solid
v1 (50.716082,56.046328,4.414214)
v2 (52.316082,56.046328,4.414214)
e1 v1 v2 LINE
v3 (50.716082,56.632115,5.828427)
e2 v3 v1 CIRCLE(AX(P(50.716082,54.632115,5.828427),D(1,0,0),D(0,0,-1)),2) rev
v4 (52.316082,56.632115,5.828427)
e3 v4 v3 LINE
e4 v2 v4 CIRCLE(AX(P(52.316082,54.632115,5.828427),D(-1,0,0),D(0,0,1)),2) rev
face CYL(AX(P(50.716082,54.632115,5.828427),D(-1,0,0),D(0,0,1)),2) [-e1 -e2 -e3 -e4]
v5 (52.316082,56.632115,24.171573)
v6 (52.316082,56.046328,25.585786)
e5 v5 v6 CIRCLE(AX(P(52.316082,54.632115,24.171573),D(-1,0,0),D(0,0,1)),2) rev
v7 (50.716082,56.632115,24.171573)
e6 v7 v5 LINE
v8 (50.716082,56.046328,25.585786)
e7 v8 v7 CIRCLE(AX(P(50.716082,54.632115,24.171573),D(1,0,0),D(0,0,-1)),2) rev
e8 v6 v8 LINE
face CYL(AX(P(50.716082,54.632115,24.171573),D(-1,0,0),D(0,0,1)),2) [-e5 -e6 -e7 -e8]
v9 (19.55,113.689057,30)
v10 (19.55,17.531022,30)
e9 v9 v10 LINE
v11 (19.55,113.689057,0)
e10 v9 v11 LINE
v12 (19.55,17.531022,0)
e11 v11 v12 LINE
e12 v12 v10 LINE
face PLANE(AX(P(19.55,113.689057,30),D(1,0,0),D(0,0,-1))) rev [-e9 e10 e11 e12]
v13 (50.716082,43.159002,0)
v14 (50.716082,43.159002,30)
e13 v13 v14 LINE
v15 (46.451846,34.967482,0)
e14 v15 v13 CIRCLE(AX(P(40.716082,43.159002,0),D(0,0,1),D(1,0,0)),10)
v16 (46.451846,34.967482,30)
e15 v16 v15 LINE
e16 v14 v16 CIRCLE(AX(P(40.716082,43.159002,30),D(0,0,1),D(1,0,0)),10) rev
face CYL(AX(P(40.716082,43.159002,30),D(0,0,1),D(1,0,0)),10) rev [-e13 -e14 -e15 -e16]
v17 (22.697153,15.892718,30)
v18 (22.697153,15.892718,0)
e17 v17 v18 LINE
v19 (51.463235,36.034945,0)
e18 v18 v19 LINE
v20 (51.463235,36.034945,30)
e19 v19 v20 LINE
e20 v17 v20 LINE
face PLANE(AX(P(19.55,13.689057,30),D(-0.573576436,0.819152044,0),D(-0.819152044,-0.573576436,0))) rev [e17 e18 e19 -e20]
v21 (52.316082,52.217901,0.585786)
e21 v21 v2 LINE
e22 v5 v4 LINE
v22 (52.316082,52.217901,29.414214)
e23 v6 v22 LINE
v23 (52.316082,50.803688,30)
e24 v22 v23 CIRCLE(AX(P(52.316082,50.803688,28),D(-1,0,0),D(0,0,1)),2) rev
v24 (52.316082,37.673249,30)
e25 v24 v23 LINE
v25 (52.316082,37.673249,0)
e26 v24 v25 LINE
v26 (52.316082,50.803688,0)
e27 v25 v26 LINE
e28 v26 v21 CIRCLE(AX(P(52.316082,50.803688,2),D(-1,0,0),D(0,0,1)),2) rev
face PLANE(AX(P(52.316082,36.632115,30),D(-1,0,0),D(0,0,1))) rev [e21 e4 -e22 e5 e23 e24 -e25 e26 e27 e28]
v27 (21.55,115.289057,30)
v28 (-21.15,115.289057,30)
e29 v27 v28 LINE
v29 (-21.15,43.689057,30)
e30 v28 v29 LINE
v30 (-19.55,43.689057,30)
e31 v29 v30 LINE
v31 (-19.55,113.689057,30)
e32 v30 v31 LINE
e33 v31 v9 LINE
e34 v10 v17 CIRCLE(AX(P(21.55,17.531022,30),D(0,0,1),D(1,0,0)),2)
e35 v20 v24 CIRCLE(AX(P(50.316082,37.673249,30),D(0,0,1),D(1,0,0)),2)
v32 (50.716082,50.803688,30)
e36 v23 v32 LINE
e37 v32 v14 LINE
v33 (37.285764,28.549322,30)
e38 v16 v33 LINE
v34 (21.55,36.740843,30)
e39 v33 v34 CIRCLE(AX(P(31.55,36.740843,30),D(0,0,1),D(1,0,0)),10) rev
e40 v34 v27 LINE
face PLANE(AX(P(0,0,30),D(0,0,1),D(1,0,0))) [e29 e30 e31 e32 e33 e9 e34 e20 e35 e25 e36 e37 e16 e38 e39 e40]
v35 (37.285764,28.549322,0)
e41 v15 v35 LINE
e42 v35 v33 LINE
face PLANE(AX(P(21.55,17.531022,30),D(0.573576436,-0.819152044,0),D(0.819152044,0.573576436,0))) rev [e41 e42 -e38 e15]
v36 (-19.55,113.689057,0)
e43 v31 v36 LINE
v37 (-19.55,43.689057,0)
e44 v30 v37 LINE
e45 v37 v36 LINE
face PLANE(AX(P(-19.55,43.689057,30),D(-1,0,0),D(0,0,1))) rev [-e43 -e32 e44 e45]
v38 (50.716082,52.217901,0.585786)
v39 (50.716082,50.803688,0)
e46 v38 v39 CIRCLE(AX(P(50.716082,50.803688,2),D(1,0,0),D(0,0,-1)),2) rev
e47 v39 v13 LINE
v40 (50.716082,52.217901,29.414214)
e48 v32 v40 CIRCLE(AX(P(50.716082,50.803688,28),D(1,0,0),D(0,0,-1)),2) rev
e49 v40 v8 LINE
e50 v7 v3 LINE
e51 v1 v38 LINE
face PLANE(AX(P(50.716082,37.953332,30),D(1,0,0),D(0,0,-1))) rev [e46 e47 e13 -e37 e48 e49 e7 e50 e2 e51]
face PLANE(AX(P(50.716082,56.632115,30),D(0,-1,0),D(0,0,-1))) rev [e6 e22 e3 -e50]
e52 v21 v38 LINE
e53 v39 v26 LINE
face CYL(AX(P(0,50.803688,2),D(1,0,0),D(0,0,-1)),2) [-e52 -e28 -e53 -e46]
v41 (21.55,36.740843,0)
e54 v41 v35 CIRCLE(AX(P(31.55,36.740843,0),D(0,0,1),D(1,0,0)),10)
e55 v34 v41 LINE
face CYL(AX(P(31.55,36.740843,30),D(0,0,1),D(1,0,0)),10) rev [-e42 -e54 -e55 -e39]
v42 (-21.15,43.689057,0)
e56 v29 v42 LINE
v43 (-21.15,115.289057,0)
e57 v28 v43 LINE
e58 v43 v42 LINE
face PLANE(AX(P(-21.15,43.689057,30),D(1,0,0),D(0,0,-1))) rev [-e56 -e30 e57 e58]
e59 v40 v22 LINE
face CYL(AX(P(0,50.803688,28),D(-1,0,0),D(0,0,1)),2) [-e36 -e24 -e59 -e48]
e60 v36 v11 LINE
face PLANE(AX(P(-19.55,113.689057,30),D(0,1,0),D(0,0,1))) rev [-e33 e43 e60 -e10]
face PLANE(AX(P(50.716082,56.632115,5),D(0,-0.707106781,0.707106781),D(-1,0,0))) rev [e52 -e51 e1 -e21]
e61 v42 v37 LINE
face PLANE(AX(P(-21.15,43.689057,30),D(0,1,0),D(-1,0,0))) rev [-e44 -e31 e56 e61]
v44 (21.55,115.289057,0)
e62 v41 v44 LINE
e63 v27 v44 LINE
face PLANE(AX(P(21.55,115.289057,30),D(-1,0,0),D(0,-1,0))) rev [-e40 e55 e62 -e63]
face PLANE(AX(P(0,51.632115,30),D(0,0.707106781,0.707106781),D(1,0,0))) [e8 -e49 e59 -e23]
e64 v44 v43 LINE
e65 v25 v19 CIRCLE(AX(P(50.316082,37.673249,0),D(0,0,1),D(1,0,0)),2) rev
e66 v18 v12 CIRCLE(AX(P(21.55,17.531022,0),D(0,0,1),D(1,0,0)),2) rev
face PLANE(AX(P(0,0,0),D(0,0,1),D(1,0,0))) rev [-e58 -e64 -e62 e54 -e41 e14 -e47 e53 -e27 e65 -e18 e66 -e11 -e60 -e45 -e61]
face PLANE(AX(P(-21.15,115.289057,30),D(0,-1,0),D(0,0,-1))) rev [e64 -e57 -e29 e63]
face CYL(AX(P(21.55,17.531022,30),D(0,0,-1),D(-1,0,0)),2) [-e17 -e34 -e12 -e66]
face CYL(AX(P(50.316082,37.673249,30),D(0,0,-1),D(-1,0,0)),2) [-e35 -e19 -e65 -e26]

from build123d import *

# Parameters (mm, degrees)
BOSS_EXTRU_1_DEPTH = 30
CONG_1_R           = 10
CHANFREIN1_SIZE    = 5
CONG_2_R           = 2


with BuildPart() as part:
    # Esquisse1 → Boss.-Extru.1 (new body)
    with BuildSketch(Plane.XY):
        Polygon((-19.55, 43.689057372), (-19.55, 113.689057372), (19.55, 113.689057372), (19.55, 13.689057372), (52.316081772, 36.632114826), (52.316081772, 56.632114826), (50.716081772, 56.632114826), (50.716081772, 37.953331942), (21.55, 17.531021626), (21.55, 115.289057372), (-21.15, 115.289057372), (-21.15, 43.689057372), align=None)
    extrude(amount=BOSS_EXTRU_1_DEPTH)

    # Congé1
    cong_1_edges = [part.edges().sort_by_distance(p)[0] for p in [
        (21.55, 17.531021626, 15),
        (50.716081772, 37.953331942, 15),
    ]]
    fillet(cong_1_edges, radius=CONG_1_R)

    # Chanfrein1
    chanfrein1_edges = [part.edges().sort_by_distance(p)[0] for p in [
        (51.516081772, 56.632114826, 0),
        (51.516081772, 56.632114826, 30),
    ]]
    chamfer(chanfrein1_edges, length=CHANFREIN1_SIZE)

    # Congé2
    cong_2_edges = [part.edges().sort_by_distance(p)[0] for p in [
        (52.316081772, 36.632114826, 15),
        (19.55, 13.689057372, 15),
        (51.516081772, 56.632114826, 25),
        (51.516081772, 56.632114826, 5),
        (51.516081772, 51.632114826, 0),
        (51.516081772, 51.632114826, 30),
    ]]
    fillet(cong_2_edges, radius=CONG_2_R)


solid = part.part
